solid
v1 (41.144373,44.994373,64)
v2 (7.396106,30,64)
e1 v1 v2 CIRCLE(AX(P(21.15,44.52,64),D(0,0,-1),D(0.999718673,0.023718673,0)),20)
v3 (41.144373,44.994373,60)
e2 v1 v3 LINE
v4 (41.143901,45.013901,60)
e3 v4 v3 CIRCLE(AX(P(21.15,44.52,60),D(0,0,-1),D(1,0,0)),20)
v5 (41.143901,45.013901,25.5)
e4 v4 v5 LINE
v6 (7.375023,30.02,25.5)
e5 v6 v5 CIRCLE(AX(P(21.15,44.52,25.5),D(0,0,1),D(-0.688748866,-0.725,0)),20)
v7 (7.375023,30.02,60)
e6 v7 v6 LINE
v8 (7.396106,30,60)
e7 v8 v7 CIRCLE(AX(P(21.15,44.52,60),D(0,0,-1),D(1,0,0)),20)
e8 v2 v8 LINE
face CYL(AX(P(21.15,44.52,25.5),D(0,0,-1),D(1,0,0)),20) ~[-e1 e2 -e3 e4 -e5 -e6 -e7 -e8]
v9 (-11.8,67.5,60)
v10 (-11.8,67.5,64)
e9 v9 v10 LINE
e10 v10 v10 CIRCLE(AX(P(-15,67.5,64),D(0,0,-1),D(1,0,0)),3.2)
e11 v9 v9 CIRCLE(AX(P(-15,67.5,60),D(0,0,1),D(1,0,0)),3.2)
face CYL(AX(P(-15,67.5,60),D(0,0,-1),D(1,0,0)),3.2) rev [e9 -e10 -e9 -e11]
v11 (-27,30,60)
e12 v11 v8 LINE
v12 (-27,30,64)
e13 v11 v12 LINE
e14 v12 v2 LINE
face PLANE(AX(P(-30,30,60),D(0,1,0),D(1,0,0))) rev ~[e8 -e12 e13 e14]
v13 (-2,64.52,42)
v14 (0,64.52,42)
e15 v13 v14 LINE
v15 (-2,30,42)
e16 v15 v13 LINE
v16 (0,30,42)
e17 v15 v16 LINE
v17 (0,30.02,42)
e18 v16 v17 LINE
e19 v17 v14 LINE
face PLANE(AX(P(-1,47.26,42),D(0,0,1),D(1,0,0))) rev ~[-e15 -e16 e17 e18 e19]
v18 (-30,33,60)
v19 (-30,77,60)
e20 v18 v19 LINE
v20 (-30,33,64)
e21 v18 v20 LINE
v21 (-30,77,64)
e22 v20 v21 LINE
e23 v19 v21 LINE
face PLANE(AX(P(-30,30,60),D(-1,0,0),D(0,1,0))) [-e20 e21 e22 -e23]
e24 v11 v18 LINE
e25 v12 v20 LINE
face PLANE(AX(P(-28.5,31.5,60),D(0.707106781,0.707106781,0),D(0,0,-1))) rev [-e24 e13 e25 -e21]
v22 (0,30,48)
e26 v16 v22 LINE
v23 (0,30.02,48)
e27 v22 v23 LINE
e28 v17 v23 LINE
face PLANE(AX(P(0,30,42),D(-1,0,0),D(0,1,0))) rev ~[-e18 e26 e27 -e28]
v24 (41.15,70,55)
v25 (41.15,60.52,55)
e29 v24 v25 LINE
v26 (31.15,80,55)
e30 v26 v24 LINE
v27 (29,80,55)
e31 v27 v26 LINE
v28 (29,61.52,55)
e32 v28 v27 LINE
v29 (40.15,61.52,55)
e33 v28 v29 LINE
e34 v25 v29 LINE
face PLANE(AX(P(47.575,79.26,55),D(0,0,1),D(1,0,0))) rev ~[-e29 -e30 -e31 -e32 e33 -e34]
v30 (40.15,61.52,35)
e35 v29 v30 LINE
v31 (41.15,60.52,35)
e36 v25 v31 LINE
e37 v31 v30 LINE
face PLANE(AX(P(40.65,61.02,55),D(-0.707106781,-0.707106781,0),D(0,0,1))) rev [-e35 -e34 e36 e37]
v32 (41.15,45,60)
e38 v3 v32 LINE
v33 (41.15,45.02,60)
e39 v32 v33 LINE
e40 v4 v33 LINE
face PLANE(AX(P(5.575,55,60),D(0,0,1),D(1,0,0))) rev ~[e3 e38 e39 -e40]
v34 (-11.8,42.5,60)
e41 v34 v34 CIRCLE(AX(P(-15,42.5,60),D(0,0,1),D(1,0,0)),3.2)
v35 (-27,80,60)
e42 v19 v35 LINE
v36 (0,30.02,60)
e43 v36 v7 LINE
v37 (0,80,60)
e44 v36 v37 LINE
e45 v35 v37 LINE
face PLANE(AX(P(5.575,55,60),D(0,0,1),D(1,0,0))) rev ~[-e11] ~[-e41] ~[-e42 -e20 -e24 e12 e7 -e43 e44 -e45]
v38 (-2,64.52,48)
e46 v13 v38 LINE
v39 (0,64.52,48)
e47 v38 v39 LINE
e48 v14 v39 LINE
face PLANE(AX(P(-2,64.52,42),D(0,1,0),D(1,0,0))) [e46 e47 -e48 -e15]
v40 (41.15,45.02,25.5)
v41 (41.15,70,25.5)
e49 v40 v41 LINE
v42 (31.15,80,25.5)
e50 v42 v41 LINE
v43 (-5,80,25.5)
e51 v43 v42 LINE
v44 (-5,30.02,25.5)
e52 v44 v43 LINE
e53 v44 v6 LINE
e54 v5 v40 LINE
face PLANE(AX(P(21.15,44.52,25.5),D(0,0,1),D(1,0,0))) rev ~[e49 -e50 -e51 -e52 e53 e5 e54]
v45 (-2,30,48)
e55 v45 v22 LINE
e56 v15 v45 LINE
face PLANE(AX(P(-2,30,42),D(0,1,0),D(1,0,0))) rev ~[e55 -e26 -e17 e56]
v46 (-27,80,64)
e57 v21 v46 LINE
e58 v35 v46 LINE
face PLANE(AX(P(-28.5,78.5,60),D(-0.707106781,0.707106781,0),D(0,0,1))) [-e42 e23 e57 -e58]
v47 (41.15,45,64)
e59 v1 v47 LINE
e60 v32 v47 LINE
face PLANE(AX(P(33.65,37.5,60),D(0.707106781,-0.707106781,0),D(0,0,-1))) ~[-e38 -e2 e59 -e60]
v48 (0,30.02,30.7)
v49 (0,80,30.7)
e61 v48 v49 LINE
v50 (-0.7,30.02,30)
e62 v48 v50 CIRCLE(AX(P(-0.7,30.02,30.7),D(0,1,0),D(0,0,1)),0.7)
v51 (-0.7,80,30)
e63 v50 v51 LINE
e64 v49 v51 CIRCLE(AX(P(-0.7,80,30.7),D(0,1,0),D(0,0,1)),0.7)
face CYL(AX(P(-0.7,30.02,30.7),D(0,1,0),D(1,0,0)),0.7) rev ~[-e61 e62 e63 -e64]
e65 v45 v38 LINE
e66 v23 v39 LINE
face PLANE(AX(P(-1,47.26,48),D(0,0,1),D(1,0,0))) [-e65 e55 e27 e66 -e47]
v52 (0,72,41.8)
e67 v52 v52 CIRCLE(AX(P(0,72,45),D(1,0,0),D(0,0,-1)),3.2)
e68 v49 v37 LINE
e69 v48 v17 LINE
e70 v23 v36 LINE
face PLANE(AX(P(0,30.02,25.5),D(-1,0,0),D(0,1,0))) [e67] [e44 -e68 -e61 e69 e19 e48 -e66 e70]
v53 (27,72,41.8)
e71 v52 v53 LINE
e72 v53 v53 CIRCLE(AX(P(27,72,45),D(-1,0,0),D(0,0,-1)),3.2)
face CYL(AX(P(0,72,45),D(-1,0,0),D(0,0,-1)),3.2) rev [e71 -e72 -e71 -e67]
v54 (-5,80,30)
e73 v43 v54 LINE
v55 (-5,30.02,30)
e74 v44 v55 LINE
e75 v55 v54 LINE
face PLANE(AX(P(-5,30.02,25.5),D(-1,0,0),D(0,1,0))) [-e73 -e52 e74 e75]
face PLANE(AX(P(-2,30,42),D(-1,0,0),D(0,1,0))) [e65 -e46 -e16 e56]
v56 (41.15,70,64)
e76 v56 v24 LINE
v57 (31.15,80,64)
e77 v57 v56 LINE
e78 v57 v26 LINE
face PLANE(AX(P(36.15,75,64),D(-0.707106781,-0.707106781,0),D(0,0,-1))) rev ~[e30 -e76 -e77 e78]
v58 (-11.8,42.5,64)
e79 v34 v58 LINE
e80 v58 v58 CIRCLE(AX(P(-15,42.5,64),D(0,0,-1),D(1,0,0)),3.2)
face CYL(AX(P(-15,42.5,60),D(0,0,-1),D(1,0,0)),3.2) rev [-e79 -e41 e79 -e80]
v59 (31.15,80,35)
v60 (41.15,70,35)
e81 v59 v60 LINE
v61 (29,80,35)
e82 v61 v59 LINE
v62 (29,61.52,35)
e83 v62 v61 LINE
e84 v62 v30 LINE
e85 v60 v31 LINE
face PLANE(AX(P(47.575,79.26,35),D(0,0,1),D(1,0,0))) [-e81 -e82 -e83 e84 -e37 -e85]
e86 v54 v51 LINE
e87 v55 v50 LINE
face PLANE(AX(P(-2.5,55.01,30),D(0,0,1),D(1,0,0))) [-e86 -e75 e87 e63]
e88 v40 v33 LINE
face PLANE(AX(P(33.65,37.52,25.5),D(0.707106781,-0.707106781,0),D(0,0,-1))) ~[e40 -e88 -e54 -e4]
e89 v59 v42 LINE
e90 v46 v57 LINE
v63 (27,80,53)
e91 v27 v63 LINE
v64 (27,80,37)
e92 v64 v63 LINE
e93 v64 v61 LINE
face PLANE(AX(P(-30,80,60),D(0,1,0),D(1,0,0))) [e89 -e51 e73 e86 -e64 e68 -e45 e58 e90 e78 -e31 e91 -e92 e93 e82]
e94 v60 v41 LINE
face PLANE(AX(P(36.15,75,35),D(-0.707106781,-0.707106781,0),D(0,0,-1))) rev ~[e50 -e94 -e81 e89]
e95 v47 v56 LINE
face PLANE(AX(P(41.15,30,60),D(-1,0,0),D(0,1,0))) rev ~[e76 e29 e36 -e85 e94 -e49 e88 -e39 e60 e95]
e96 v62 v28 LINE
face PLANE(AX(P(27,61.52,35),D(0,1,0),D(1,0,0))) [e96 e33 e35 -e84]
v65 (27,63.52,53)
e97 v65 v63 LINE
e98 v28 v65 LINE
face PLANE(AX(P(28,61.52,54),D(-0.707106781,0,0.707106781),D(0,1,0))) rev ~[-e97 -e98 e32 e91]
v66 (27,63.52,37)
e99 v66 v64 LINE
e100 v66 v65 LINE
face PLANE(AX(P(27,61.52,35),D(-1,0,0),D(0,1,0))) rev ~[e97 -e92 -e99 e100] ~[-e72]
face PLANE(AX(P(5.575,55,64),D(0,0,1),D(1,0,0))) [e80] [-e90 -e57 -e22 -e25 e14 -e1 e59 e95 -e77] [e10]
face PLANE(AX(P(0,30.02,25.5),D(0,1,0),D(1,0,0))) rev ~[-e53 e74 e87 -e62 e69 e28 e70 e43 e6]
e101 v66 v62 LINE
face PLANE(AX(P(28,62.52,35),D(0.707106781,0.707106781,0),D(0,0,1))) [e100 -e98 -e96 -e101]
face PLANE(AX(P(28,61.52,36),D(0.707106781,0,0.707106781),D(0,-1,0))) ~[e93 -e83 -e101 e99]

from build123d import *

# Parameters (mm, degrees)
CYLINDER007_R     = 3.2
CYLINDER007_DEPTH = 33
CYLINDER008_R     = 3.2
CYLINDER008_DEPTH = 10
CYLINDER006_R     = 3.2
CYLINDER006_DEPTH = 10
BOX005_W          = 41.15
BOX005_H          = 35.48
BOX005_DEPTH      = 20
BOX004_W          = 41.15
BOX004_H          = 49.98
BOX004_DEPTH      = 34.5
CHAMFER033_SIZE   = 15
CYLINDER005_R     = 20
CYLINDER005_DEPTH = 38.5
BOX_W             = 71.15
BOX_H             = 50
BOX_DEPTH         = 4
CHAMFER_SIZE      = 15
BOX003_W          = 2
BOX003_H          = 34.52
BOX003_DEPTH      = 6
BOX024_W          = 5
BOX024_H          = 49.98
BOX024_DEPTH      = 4.5
FILLET001_R       = 0.7
CHAMFER034_SIZE   = 10
CHAMFER035_SIZE   = 1
CHAMFER036_SIZE   = 3
CHAMFER037_SIZE   = 2


with BuildPart() as cylinder001:
    # Cylinder007 → Cylinder007 (new body)
    with BuildSketch(Plane(origin=(0, 72, 45), x_dir=(0, 0, -1), z_dir=(1, 0, 0))):
        Circle(CYLINDER007_R)
    extrude(amount=CYLINDER007_DEPTH)


with BuildPart() as cylinder002:
    # Cylinder008 → Cylinder008 (new body)
    with BuildSketch(Plane(origin=(-15, 67.5, 60), x_dir=(1, 0, 0), z_dir=(0, 0, 1))):
        Circle(CYLINDER008_R)
    extrude(amount=CYLINDER008_DEPTH)


with BuildPart() as fusion008014:
    # Cylinder006 → Cylinder006 (new body)
    with BuildSketch(Plane(origin=(-15, 42.5, 60), x_dir=(1, 0, 0), z_dir=(0, 0, 1))):
        Circle(CYLINDER006_R)
    extrude(amount=CYLINDER006_DEPTH)

    # Fusion008014: union Cylinder002
    add(cylinder002.part)


with BuildPart() as cube005:
    # Box005 → Box005 (new body)
    with BuildSketch(Plane(origin=(27, 61.52, 35), x_dir=(1, 0, 0), z_dir=(0, 0, 1))):
        with Locations((20.575, 17.74)):
            Rectangle(BOX005_W, BOX005_H)
    extrude(amount=BOX005_DEPTH)


with BuildPart() as chamfer033:
    # Box004 → Box004 (new body)
    with BuildSketch(Plane(origin=(0, 30.02, 25.5), x_dir=(1, 0, 0), z_dir=(0, 0, 1))):
        with Locations((20.575, 24.99)):
            Rectangle(BOX004_W, BOX004_H)
    extrude(amount=BOX004_DEPTH)

    # Chamfer033
    chamfer033_edges = [chamfer033.edges().sort_by_distance(p)[0] for p in [
        (41.15, 30.02, 42.75),
    ]]
    chamfer(chamfer033_edges, length=CHAMFER033_SIZE)


with BuildPart() as round_body:
    # Cylinder005 → Cylinder005 (new body)
    with BuildSketch(Plane(origin=(21.15, 44.52, 25.5), x_dir=(1, 0, 0), z_dir=(0, 0, 1))):
        Circle(CYLINDER005_R)
    extrude(amount=CYLINDER005_DEPTH)


with BuildPart() as chamfer_body:
    # Box → Box (new body)
    with BuildSketch(Plane(origin=(-30, 30, 60), x_dir=(1, 0, 0), z_dir=(0, 0, 1))):
        with Locations((35.575, 25)):
            Rectangle(BOX_W, BOX_H)
    extrude(amount=BOX_DEPTH)

    # Chamfer
    chamfer_edges = [chamfer_body.edges().sort_by_distance(p)[0] for p in [
        (41.15, 30, 62),
    ]]
    chamfer(chamfer_edges, length=CHAMFER_SIZE)


with BuildPart() as cube003:
    # Box003 → Box003 (new body)
    with BuildSketch(Plane(origin=(-2, 30, 42), x_dir=(1, 0, 0), z_dir=(0, 0, 1))):
        with Locations((1, 17.26)):
            Rectangle(BOX003_W, BOX003_H)
    extrude(amount=BOX003_DEPTH)


with BuildPart() as cut002003021003:
    # Box024 → Box024 (new body)
    with BuildSketch(Plane(origin=(-5, 30.02, 25.5), x_dir=(1, 0, 0), z_dir=(0, 0, 1))):
        with Locations((2.5, 24.99)):
            Rectangle(BOX024_W, BOX024_H)
    extrude(amount=BOX024_DEPTH)

    # Fusion: union Chamfer033, round-body, Chamfer body, Cube003
    add(chamfer033.part)
    add(round_body.part)
    add(chamfer_body.part)
    add(cube003.part)

    # Cut: cut Cube005
    add(cube005.part, mode=Mode.SUBTRACT)

    # Fillet001
    fillet001_edges = [cut002003021003.edges().sort_by_distance(p)[0] for p in [
        (0, 55.01, 30),
    ]]
    fillet(fillet001_edges, radius=FILLET001_R)

    # Chamfer034
    chamfer034_edges = [cut002003021003.edges().sort_by_distance(p)[0] for p in [
        (41.15, 80, 57.5),
        (41.15, 80, 30.25),
        (41.15, 80, 62),
    ]]
    chamfer(chamfer034_edges, length=CHAMFER034_SIZE)

    # Chamfer035
    chamfer035_edges = [cut002003021003.edges().sort_by_distance(p)[0] for p in [
        (41.15, 61.52, 45),
    ]]
    chamfer(chamfer035_edges, length=CHAMFER035_SIZE)

    # Chamfer036
    chamfer036_edges = [cut002003021003.edges().sort_by_distance(p)[0] for p in [
        (-30, 80, 62),
        (-30, 30, 62),
    ]]
    chamfer(chamfer036_edges, length=CHAMFER036_SIZE)

    # Cut002003021002: cut Fusion008014
    add(fusion008014.part, mode=Mode.SUBTRACT)

    # Chamfer037
    chamfer037_edges = [cut002003021003.edges().sort_by_distance(p)[0] for p in [
        (27, 70.76, 55),
        (27, 70.76, 35),
        (27, 61.52, 45),
    ]]
    chamfer(chamfer037_edges, length=CHAMFER037_SIZE)

    # Cut002003021003: cut Cylinder001
    add(cylinder001.part, mode=Mode.SUBTRACT)


solid = cut002003021003.part
